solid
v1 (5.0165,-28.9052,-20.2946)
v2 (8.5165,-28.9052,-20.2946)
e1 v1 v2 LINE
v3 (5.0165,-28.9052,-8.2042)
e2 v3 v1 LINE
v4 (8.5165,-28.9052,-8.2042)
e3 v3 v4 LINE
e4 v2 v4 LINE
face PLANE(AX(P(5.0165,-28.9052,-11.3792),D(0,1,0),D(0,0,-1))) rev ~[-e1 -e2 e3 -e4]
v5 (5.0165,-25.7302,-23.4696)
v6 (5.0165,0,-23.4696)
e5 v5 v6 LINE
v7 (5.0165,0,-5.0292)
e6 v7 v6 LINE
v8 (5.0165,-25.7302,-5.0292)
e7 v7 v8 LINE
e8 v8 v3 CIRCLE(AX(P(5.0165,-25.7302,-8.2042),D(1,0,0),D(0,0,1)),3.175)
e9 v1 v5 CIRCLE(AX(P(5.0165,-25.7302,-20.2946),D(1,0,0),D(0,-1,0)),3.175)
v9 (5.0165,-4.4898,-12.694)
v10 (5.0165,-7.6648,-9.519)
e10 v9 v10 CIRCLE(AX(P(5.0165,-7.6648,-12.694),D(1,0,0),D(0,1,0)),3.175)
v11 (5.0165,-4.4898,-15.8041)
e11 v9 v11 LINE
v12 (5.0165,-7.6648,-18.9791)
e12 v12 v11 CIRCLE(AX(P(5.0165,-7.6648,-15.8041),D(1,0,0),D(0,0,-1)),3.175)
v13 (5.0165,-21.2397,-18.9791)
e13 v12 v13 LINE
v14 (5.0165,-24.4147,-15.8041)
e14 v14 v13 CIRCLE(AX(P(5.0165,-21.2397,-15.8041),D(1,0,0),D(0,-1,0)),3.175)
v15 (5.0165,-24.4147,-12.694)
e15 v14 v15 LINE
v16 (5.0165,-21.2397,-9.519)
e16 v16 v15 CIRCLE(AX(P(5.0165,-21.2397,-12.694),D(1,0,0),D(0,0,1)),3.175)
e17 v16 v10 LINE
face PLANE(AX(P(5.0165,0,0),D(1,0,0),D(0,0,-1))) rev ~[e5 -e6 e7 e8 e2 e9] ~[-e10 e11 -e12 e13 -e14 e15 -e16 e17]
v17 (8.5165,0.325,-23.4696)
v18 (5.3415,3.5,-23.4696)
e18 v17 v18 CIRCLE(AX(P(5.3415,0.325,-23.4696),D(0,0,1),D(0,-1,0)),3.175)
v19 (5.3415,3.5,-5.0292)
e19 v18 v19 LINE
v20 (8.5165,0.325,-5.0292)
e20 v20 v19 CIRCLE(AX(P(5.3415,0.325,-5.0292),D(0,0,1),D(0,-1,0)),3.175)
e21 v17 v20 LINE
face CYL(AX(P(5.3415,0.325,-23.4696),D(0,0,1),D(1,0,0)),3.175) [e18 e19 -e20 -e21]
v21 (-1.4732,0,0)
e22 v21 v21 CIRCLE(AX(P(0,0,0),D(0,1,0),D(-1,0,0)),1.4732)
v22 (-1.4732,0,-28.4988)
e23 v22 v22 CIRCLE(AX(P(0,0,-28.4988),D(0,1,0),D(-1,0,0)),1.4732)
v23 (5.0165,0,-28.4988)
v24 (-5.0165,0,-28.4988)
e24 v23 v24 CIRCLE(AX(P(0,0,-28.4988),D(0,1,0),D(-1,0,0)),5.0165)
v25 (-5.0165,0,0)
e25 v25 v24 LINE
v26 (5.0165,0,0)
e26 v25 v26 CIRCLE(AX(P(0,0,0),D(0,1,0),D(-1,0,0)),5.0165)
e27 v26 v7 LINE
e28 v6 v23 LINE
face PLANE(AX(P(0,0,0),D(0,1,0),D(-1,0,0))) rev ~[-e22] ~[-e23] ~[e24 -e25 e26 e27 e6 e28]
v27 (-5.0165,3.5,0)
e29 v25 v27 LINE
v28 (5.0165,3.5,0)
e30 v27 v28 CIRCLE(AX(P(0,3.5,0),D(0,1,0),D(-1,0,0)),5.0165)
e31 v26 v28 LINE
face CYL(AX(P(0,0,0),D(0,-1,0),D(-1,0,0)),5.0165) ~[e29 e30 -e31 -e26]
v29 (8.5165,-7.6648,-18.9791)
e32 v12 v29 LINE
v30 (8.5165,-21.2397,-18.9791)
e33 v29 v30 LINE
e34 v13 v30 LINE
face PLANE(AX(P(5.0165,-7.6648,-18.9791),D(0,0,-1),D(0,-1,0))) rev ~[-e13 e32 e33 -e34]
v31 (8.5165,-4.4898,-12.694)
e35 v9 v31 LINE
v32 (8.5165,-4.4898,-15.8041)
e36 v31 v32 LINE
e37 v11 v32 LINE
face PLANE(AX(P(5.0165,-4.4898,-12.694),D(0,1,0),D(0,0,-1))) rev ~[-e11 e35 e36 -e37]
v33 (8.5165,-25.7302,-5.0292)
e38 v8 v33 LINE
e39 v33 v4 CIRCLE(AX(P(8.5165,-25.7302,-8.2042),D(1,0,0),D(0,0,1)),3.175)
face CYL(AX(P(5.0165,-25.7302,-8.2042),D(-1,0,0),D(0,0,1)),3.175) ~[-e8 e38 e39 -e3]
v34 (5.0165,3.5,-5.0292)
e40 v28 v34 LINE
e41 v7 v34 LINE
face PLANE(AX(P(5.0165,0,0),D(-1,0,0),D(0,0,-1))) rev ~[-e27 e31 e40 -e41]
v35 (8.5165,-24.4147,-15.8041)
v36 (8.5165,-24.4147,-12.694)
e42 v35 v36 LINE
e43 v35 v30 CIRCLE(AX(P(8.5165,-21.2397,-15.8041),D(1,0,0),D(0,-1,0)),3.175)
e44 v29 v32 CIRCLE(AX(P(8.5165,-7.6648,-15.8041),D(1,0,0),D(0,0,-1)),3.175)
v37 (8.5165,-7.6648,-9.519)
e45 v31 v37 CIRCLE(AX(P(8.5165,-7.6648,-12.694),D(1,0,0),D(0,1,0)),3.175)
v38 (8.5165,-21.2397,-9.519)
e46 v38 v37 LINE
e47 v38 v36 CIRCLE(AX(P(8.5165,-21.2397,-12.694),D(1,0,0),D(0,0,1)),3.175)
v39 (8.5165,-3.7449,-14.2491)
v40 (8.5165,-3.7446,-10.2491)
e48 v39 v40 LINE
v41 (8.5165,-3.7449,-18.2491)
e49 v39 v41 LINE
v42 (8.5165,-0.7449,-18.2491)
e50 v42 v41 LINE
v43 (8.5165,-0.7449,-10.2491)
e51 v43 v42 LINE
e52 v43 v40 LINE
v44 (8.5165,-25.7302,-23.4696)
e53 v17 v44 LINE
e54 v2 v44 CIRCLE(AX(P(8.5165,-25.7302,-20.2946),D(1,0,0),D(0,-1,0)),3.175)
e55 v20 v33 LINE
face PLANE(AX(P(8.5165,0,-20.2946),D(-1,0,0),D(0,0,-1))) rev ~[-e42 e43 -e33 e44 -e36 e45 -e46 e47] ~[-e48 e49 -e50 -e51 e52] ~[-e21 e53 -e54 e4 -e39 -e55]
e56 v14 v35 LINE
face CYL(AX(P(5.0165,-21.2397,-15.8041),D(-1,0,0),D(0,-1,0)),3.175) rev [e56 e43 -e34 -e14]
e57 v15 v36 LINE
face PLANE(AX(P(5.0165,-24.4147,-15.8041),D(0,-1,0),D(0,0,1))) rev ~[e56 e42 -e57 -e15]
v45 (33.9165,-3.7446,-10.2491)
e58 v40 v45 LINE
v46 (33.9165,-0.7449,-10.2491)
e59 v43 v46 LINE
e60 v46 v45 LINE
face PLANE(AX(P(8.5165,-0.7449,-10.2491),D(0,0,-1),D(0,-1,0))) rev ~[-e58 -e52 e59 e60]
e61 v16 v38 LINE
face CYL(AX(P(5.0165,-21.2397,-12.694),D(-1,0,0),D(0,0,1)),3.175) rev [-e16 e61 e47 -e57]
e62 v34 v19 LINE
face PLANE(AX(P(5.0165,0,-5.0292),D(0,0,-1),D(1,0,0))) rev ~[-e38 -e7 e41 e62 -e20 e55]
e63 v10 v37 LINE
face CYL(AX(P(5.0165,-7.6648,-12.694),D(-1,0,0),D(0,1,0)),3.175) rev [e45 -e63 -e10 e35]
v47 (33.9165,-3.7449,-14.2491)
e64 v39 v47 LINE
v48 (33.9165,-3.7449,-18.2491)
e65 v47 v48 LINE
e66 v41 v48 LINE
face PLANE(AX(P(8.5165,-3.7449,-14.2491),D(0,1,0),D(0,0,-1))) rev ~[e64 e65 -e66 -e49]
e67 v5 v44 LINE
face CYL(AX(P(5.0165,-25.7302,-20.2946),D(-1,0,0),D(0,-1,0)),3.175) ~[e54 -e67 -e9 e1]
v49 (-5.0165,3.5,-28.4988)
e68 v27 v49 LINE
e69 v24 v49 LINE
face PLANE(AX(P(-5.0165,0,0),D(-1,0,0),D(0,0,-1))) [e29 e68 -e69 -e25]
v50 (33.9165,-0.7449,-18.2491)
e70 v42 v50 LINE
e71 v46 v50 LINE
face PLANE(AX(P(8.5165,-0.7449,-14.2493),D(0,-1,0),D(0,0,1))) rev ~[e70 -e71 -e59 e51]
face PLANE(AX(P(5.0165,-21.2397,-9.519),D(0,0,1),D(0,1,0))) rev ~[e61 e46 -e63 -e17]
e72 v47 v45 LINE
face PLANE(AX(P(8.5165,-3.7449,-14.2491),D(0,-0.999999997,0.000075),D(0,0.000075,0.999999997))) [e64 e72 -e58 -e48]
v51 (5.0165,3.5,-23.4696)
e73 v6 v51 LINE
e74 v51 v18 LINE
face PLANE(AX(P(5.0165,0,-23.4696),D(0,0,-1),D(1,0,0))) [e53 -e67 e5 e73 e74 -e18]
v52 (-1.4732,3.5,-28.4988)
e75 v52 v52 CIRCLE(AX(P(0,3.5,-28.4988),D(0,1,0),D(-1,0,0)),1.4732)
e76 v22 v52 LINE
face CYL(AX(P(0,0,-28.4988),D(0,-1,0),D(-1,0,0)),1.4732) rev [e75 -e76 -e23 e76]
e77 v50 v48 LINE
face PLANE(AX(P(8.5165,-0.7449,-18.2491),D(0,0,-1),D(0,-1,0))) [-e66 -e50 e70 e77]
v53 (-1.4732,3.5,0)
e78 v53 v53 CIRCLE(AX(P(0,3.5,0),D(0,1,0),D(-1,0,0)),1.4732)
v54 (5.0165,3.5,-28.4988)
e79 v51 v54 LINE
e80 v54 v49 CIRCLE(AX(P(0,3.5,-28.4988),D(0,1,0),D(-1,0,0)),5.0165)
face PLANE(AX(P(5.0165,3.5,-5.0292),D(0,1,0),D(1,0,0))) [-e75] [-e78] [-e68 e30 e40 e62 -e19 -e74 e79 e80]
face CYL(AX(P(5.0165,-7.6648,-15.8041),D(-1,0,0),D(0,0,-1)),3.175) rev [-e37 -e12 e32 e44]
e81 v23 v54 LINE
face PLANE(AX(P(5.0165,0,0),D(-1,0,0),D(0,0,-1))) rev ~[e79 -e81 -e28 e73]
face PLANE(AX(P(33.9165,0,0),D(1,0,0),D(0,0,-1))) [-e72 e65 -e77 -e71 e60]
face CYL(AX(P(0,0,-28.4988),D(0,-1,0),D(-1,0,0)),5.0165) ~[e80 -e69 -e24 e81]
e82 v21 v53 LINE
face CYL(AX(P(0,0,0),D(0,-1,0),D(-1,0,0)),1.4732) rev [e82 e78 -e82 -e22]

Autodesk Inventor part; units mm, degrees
ref_plane "YZ Plane" through (0, 0, 0) normal (1, 0, 0) x (0, 1, 0)
ref_plane "XZ Plane" through (0, 0, 0) normal (0, 1, 0) x (-1, 0, 0)
ref_plane "XY Plane" through (0, 0, 0) normal (0, 0, 1) x (1, 0, 0)
sketch "Sketch1" plane through (0, 0, 0) normal (0, 1, 0) x (-1, 0, 0)
  circle A0 centre (0, 0) radius 1.4732
  circle A1 centre (0, -28.4988) radius 1.4732
  circle A2 centre (0, 0) radius 5.0165
  circle A3 centre (0, -28.4988) radius 5.0165
  line L0 (5.0165, 0) -> (5.0165, -28.4988)
  line L1 (-5.0165, 0) -> (-5.0165, -28.4988)
  dimension "d0" = 2.9464
  dimension "d2" = 2.9464
  dimension "d3" = 10.033
  dimension "d4" = 10.033
extrude "Extrusion1" add sketch "Sketch1" along normal blind 3.5
sketch "Sketch2" plane through (5.0165, 0, 0) normal (1, 0, 0) x (0, 0, -1)
  line L0 (0, 0) -> (28.4988, 0) projected
  line L1 (0, 0) -> (5.0292, 0)
  line L2 (28.4988, 0) -> (28.4988, 3.5) projected
  line L3 (28.4988, 0) -> (23.4696, 0)
  line L4 (23.4696, 0) -> (5.0292, 0)
  line L5 (5.0292, 0) -> (5.0292, -25.7302)
  line L6 (8.2042, -28.9052) -> (20.2946, -28.9052)
  line L7 (23.4696, -25.7302) -> (23.4696, 0)
  line L8 (5.0292, 0) -> (23.4696, 0)
  line L9 (5.0292, 0) -> (11.3792, 0)
  line L10 (23.4696, 0) -> (17.1196, 0)
  line L11 (5.0292, -28.9052) -> (11.3792, -28.9052)
  arc A0 (5.0292, -25.7302) -> (8.2042, -28.9052) centre (8.2042, -25.7302) ccw
  arc A1 (20.2946, -28.9052) -> (23.4696, -25.7302) centre (20.2946, -25.7302) ccw
  line L12 (15.8041, -24.4147) -> (12.694, -24.4147)
  line L13 (12.694, -4.4898) -> (15.8041, -4.4898)
  line L14 (18.9791, -7.6648) -> (18.9791, -21.2397)
  line L15 (9.519, -21.2397) -> (9.519, -7.6648)
  arc A2 (12.694, -4.4898) -> (9.519, -7.6648) centre (12.694, -7.6648) ccw
  arc A3 (9.519, -21.2397) -> (12.694, -24.4147) centre (12.694, -21.2397) ccw
  arc A4 (15.8041, -24.4147) -> (18.9791, -21.2397) centre (15.8041, -21.2397) ccw
  arc A5 (18.9791, -7.6648) -> (15.8041, -4.4898) centre (15.8041, -7.6648) ccw
  point P0 (9.519, -24.4147)
  dimension "d7" = 5.0292
  dimension "d8" = 5.0292
  dimension "d9" = 28.9052
  dimension "d10" = 6.35
  dimension "d14" = 6.35
  dimension "d17" = 3.175
  dimension "d23" = 6.35
  dimension "d25" = 3.175
extrude "Extrusion4" add sketch "Sketch2" along normal blind 3.5
sketch "Sketch4" plane through (5.0165, 0, -5.0292) normal (0, 1, 0) x (1, 0, 0)
  line L0 (0, 0) -> (3.5, 0) projected
  line L1 (3.5, 15.2654) -> (3.5, 18.4404) projected
  line L2 (3.5, 0) -> (3.5, 18.4404)
  line L3 (0, 18.4404) -> (3.5, 18.4404) projected
  line L4 (3.5, 18.4404) -> (0, 18.4404)
  line L5 (0, 18.4404) -> (0, 0)
  line L6 (0, 0) -> (3.5, 0)
  point P0 (-5.0165, -5.0292)
extrude "Extrusion5" add sketch "Sketch4" along normal blind 3.5
fillet "Fillet3" radius 3.175 1 edges at (8.5165, 3.5, -14.2494)
sketch "Sketch5" plane through (8.5165, 0, 0) normal (1, 0, 0) x (0, 0, -1)
  line L0 (5.0292, 0) -> (23.4696, 0) projected
  line L1 (12.694, -4.4898) -> (15.8041, -4.4898) projected
  line L2 (14.2491, -3.7449) -> (10.2491, -3.7446)
  line L3 (14.2491, -3.7449) -> (18.2491, -3.7449)
  line L4 (14.2493, -0.7449) -> (10.2491, -0.7449)
  line L5 (10.2491, -0.7449) -> (10.2491, -3.7446)
  line L6 (14.2493, -0.7449) -> (18.2491, -0.7449)
  line L7 (18.2491, -0.7449) -> (18.2491, -3.7449)
  point P0 (0, 0)
extrude "Extrusion6" add sketch "Sketch5" along normal blind 25.4
properties part number "frontbackmountpi_3DPrint"
